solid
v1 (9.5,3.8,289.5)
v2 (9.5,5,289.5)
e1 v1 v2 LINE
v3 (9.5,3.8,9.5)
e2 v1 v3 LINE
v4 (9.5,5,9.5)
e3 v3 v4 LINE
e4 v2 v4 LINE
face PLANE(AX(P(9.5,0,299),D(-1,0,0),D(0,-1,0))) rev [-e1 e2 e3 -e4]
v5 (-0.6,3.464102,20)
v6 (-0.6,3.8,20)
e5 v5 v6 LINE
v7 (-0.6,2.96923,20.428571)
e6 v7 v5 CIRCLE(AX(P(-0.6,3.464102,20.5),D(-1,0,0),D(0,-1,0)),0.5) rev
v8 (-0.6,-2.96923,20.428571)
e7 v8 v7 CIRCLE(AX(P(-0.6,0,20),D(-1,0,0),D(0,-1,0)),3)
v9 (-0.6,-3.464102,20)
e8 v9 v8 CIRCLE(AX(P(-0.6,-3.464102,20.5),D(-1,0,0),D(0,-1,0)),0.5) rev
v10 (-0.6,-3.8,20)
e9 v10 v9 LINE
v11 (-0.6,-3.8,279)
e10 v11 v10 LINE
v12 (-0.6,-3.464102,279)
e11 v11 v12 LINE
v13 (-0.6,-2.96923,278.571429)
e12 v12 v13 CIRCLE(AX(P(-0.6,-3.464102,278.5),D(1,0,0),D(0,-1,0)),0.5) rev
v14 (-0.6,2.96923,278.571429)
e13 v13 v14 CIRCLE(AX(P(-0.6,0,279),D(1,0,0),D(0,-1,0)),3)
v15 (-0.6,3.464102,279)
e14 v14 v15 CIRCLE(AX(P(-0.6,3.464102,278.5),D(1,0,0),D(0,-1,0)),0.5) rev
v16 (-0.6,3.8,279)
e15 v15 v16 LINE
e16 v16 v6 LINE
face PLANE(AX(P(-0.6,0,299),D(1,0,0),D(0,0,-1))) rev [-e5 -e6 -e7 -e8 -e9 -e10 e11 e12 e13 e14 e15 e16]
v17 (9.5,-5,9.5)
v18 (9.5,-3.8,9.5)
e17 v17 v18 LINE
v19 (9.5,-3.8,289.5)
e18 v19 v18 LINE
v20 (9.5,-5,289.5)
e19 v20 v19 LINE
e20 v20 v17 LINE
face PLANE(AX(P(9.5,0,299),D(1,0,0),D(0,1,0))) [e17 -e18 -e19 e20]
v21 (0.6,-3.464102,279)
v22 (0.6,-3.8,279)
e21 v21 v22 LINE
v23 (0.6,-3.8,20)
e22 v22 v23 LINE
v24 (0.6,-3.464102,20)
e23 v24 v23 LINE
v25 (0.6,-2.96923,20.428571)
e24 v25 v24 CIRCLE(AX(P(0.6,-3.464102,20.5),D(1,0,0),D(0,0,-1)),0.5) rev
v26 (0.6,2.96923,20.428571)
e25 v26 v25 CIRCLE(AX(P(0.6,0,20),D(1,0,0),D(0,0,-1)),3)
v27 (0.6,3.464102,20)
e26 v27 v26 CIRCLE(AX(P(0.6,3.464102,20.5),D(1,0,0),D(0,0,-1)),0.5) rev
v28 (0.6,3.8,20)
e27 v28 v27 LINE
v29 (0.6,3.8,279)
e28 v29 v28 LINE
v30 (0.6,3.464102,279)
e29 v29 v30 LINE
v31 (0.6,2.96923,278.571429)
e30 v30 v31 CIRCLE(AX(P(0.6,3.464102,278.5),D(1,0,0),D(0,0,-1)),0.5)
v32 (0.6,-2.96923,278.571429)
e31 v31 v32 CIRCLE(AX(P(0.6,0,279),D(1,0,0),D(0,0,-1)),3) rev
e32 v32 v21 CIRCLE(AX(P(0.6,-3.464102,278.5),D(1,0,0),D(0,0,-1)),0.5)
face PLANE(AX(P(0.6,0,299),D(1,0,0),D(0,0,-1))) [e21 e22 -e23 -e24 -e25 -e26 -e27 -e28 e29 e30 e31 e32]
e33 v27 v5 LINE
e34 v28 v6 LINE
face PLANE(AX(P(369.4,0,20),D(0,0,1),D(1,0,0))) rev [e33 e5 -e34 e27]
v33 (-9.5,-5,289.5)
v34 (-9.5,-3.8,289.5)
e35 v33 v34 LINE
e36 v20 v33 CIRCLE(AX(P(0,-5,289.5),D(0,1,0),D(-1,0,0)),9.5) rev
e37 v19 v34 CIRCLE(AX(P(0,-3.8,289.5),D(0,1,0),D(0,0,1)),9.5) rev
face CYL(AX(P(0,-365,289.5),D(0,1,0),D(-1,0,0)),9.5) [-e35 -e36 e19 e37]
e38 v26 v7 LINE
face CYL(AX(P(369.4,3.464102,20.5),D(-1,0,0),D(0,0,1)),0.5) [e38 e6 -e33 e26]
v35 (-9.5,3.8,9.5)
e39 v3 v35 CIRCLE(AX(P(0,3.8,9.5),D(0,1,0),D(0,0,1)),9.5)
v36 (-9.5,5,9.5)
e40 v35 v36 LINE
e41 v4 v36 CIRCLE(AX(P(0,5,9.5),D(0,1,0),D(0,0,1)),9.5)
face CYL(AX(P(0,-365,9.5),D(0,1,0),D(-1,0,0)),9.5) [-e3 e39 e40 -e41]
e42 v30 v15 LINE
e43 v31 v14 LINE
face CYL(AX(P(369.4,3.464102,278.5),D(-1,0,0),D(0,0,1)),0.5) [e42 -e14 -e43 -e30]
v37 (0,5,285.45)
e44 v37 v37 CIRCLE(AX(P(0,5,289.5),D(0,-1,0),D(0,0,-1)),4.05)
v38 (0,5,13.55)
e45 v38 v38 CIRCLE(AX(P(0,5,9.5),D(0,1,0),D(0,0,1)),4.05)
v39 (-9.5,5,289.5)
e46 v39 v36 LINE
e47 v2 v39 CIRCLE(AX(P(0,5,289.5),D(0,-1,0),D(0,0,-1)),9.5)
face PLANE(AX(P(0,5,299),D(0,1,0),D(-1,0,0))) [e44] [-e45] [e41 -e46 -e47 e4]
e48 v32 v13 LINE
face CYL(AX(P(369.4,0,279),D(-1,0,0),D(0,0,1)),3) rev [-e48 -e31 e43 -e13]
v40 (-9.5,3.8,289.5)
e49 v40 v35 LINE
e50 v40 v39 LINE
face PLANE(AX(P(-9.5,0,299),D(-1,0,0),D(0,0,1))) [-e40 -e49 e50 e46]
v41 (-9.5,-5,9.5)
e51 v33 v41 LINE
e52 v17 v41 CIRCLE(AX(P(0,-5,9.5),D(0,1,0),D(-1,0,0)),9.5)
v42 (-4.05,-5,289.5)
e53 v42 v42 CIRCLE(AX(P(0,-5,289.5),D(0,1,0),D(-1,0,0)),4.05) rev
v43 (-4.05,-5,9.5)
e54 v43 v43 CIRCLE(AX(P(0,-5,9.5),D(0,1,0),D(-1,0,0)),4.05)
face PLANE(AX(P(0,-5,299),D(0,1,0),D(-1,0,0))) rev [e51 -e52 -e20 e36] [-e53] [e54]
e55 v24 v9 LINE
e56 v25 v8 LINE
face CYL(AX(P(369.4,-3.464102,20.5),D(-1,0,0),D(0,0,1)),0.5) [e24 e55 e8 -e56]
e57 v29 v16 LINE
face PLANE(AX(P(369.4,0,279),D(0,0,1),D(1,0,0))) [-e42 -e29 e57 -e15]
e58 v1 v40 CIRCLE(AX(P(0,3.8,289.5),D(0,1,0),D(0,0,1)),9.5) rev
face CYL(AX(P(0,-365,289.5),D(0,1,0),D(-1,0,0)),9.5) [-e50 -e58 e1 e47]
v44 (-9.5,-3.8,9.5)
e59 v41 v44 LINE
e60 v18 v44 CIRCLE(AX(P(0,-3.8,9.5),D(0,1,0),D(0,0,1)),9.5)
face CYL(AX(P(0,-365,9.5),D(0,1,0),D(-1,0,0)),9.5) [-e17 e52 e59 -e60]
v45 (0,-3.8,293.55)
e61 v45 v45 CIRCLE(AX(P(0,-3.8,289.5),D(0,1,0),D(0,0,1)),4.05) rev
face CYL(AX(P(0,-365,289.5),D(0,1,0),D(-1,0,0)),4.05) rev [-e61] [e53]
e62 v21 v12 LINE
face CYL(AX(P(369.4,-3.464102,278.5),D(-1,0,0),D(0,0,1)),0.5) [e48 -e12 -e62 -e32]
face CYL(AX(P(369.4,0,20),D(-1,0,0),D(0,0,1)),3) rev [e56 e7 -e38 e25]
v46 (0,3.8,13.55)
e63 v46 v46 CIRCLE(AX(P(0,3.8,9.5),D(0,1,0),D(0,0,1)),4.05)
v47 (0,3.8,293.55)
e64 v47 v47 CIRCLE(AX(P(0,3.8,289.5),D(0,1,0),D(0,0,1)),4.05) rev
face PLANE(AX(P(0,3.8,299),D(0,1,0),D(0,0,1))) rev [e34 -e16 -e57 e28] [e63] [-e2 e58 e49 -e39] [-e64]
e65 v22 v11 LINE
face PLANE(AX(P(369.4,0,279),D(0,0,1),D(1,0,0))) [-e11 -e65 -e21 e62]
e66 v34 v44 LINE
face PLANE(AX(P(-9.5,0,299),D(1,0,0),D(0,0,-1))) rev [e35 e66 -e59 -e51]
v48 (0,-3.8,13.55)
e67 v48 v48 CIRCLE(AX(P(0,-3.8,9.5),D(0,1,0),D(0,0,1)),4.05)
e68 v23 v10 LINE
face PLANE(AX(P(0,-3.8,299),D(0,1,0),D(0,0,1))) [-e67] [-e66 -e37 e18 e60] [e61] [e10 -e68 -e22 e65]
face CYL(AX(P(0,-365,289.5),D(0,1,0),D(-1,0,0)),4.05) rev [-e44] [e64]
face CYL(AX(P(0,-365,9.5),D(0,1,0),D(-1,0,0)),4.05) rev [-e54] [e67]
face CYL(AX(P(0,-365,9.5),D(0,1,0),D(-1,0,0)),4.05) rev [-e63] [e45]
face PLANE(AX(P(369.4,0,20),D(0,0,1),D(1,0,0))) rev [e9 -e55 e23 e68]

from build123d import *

# Parameters (mm, degrees)
SKETCH1_W           = 1.2
SKETCH1_H           = 7.6
SKETCH1_W_2         = 19
SKETCH1_H_2         = 1.2
BOSS_EXTRUDE1_DEPTH = 299
SKETCH3_R           = 4.05
CUT_EXTRUDE2_DEPTH  = 370
CUT_EXTRUDE4_DEPTH  = 370


with BuildPart() as part:
    # Sketch1 → Boss-Extrude1 (new body)
    with BuildSketch(Plane.XY):
        Rectangle(SKETCH1_W, SKETCH1_H)
        with Locations((0, -4.4)):
            Rectangle(SKETCH1_W_2, SKETCH1_H_2)
        with Locations((0, 4.4)):
            Rectangle(SKETCH1_W_2, SKETCH1_H_2)
    extrude(amount=BOSS_EXTRUDE1_DEPTH)

    # Sketch3 → Cut-Extrude2 (cut)
    with BuildSketch(Plane(origin=(0, 5, 0), x_dir=(1, 0, 0), z_dir=(0, 1, 0))):
        with BuildLine():
            Line((-9.5, 0), (-9.5, -9.5))
            ThreePointArc((-9.5, -9.5), (-6.717514436, -2.782485594), (-4.2e-08, 0))
            Line((-4.2e-08, 0), (-9.5, 0))
        make_face()
        with BuildLine():
            Line((9.5, 0), (-4.2e-08, 0))
            ThreePointArc((-4.2e-08, 0), (6.717514406, -2.782485564), (9.5, -9.5))
            Line((9.5, -9.5), (9.5, 0))
        make_face()
        with BuildLine():
            ThreePointArc((14.5, -9.5), (0, 5), (-14.5, -9.5))
            Line((-14.5, -9.5), (-9.5, -9.5))
            Line((-9.5, -9.5), (-9.5, 0))
            Line((-9.5, 0), (-4.2e-08, 0))
            Line((-4.2e-08, 0), (9.5, 0))
            Line((9.5, 0), (9.5, -9.5))
            Line((9.5, -9.5), (14.5, -9.5))
        make_face()
        with Locations((0, -9.5)):
            Circle(SKETCH3_R)
    cut_extrude2 = extrude(amount=-CUT_EXTRUDE2_DEPTH, mode=Mode.SUBTRACT)

    # Mirror1: Cut-Extrude2 across plane
    add(cut_extrude2.mirror(Plane.XY.offset(149.5)), mode=Mode.SUBTRACT)

    # Sketch6 → Cut-Extrude4 (cut)
    with BuildSketch(Plane.ZY.offset(0.6)):
        with BuildLine():
            Line((20, -3.8), (-1, -3.8))
            Line((-1, -3.8), (-1, 3.8))
            Line((-1, 3.8), (20, 3.8))
            Line((20, 3.8), (20, 3.464101615))
            ThreePointArc((20, 3.464101615), (20.122035527, 3.13677478), (20.428571429, 2.969229956))
            ThreePointArc((20.428571429, 2.969229956), (23, 0), (20.428571429, -2.969229956))
            ThreePointArc((20.428571429, -2.969229956), (20.122035527, -3.13677478), (20, -3.464101615))
            Line((20, -3.464101615), (20, -3.8))
        make_face()
    cut_extrude4 = extrude(amount=-CUT_EXTRUDE4_DEPTH, mode=Mode.SUBTRACT)

    # Mirror3: Cut-Extrude4 across plane
    add(cut_extrude4.mirror(Plane.XY.offset(149.5)), mode=Mode.SUBTRACT)


solid = part.part
